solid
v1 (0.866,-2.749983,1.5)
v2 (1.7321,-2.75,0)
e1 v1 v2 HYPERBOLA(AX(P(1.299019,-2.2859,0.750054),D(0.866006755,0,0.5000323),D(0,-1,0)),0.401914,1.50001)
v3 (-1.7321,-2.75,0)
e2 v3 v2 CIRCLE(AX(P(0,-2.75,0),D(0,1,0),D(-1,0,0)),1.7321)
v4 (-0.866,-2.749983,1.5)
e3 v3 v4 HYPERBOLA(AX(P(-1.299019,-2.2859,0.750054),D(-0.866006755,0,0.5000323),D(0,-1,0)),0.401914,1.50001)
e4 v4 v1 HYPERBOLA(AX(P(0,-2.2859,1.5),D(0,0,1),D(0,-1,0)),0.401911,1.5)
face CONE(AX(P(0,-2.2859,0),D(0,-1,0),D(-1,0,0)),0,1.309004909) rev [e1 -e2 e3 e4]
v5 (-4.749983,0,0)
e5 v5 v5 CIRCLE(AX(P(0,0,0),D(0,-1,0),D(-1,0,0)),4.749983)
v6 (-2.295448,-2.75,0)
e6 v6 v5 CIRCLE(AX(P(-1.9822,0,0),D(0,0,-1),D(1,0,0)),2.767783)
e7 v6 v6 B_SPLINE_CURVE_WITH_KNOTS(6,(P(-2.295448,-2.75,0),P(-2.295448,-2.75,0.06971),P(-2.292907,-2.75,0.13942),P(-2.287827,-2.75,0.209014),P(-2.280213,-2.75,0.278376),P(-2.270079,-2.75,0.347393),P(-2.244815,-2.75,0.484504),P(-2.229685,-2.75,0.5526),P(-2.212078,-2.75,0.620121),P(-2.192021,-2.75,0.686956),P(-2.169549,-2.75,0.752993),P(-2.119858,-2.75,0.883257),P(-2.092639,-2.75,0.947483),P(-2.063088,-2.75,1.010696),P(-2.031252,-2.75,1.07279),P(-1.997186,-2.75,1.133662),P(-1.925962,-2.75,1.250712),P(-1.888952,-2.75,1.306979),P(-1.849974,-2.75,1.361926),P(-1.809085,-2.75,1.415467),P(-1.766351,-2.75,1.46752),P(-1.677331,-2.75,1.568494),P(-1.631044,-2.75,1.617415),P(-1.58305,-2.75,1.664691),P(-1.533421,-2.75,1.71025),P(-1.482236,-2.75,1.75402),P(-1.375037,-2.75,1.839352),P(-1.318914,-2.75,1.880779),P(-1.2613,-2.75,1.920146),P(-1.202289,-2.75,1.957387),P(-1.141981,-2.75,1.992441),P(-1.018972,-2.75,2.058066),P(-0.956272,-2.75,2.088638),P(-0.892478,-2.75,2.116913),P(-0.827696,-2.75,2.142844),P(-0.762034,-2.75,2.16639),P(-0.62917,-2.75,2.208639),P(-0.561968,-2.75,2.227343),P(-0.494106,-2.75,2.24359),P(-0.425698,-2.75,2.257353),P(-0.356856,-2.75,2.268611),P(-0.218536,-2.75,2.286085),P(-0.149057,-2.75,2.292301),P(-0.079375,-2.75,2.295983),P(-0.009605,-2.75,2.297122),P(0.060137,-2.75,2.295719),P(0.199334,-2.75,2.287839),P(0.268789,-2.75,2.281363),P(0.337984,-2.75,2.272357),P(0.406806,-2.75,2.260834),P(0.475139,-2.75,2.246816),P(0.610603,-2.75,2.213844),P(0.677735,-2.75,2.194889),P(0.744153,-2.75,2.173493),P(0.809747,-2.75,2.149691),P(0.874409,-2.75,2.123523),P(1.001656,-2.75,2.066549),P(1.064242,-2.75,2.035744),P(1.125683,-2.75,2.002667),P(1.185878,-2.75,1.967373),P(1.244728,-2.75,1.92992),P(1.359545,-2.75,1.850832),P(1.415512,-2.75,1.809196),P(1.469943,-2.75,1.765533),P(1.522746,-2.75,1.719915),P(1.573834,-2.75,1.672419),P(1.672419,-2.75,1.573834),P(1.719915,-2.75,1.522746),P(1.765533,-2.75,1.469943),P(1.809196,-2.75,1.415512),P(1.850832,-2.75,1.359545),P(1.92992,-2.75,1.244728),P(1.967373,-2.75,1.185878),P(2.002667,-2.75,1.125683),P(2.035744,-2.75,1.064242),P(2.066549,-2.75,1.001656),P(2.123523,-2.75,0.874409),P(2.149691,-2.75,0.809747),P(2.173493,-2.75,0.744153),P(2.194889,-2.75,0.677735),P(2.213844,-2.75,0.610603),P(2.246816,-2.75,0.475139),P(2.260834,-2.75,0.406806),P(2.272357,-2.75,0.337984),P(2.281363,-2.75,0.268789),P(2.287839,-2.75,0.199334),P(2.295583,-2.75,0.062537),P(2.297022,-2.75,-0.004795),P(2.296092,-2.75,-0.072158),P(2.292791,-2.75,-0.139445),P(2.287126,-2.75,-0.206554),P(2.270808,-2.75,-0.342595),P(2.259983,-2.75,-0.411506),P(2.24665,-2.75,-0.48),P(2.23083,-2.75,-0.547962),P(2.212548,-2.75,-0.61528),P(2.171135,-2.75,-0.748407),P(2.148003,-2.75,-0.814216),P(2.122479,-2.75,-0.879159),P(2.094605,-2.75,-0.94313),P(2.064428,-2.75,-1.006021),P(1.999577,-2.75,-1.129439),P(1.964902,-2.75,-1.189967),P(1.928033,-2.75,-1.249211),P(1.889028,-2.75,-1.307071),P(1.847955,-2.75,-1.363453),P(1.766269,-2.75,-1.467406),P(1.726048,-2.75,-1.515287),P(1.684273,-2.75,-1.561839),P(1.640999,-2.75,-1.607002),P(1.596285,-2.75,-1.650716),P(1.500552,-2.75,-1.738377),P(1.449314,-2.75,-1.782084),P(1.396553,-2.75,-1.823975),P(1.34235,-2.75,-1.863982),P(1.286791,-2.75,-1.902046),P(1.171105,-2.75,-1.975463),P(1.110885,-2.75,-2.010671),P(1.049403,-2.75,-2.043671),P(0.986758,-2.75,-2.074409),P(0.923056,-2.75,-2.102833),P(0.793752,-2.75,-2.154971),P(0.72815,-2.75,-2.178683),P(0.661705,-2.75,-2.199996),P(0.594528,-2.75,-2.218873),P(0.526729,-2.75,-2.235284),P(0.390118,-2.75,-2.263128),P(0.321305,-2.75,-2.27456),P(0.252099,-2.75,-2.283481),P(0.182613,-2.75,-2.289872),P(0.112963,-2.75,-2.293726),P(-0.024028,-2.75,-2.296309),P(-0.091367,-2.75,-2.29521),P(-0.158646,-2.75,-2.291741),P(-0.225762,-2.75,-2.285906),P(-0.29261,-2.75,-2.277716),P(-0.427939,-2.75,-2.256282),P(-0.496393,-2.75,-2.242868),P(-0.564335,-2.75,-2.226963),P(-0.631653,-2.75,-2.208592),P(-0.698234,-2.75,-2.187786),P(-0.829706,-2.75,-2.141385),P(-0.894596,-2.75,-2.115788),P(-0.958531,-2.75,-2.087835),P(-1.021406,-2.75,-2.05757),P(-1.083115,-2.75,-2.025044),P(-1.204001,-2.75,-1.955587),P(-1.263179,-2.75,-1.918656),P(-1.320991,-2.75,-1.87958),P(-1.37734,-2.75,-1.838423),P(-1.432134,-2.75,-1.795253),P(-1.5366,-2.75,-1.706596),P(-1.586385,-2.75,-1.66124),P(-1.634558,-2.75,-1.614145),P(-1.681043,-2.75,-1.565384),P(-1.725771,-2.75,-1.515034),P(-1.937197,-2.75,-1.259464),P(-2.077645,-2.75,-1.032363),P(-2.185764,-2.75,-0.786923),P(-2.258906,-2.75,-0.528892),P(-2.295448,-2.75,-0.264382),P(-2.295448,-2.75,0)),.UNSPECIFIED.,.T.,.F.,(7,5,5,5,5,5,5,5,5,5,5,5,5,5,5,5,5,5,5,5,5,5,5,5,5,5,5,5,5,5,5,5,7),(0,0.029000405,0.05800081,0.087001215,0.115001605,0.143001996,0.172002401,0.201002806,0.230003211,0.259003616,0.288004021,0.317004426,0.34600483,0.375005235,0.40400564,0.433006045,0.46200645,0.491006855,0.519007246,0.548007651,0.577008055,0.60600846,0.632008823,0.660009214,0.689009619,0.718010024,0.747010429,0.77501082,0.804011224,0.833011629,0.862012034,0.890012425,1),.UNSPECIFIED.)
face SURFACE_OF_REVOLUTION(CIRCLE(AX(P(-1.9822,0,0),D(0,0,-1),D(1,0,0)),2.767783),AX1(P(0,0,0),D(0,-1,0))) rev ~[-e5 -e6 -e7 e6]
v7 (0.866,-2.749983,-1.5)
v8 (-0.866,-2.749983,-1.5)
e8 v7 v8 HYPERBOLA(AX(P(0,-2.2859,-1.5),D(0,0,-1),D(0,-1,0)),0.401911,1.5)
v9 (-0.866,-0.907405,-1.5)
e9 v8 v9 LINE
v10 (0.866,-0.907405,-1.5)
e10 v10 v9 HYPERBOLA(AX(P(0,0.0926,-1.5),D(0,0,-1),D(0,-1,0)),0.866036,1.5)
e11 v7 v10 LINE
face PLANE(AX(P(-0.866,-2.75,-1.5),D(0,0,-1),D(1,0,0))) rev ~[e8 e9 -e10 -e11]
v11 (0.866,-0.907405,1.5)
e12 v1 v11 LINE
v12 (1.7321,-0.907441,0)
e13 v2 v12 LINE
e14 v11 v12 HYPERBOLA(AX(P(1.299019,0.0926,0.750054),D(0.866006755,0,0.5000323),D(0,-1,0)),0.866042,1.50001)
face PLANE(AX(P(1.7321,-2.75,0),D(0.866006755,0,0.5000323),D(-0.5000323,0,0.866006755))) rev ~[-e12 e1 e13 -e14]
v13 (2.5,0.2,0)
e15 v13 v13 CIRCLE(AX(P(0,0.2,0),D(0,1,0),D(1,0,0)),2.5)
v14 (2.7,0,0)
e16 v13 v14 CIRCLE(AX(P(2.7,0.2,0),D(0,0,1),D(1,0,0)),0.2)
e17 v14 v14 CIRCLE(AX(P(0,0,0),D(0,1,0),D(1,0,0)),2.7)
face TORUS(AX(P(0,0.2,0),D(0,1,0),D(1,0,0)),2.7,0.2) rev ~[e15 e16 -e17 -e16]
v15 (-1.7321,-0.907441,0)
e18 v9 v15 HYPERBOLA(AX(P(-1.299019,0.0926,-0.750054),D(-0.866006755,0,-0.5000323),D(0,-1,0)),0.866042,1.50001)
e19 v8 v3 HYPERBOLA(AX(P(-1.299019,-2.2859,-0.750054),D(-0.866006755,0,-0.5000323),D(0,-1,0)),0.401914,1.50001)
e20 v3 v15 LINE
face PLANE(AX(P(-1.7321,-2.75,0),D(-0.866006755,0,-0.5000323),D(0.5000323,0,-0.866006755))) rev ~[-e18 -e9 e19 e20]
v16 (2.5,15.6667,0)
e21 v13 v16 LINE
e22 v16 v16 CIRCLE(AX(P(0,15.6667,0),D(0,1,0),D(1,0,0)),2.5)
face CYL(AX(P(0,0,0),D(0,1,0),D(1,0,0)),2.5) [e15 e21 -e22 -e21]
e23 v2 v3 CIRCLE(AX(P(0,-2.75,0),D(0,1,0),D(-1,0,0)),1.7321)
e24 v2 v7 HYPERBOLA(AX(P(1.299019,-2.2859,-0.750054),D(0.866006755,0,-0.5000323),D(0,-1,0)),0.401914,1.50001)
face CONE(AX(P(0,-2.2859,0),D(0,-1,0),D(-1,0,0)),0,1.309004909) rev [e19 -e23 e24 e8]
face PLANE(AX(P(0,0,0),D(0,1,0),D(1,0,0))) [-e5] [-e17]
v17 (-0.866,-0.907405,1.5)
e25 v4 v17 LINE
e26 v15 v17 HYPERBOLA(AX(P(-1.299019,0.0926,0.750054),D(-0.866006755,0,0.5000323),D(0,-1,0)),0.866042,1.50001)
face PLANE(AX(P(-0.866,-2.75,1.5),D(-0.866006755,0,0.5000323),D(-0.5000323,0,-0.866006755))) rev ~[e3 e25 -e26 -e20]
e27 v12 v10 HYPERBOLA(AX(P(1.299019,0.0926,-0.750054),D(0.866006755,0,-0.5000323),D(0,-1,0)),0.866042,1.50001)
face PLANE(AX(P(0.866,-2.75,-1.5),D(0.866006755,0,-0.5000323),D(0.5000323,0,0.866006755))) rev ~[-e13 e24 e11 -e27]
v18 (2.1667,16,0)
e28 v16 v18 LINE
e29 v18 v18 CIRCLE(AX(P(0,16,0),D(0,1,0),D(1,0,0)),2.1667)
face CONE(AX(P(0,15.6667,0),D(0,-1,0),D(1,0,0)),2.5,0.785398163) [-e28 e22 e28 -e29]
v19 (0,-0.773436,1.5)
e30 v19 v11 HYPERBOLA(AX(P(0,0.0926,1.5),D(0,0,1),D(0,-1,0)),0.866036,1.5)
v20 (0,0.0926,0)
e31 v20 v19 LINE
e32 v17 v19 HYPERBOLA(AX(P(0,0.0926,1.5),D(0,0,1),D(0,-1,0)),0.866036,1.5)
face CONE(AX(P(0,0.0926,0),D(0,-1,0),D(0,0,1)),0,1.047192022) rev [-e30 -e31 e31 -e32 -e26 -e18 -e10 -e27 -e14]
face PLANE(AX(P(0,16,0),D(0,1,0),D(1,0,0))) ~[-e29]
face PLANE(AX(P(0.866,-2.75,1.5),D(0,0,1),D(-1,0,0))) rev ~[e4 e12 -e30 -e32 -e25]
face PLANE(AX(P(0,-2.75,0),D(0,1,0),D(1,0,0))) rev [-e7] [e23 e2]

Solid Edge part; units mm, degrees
sketch "Sketch1" plane through (0, 0, 0) normal (0, 0, 1) x (1, 0, 0)
  line L0 (2.5, 0) -> (2.5, 16)
  line L1 (0, 16) -> (2.5, 16)
  line L2 (0, 0) -> (0, 16)
  line L3 (0, 0) -> (0, -2.75)
  line L4 (0, -2.75) -> (4.75, -2.75)
  line L5 (4.75, -2.75) -> (4.75, 0)
  line L6 (4.75, 0) -> (2.5, 0)
revolve "RevolvedProtrusion1" add sketch "Sketch1" angle 360 about axis through (0, 0, 0) along (0, 1, 0)
sketch "Sketch2" plane through (0, 0, 0) normal (1, 0, 0) x (0, 1, 0)
  line L0 (-2.75, 2.2215) -> (-1.19, 2.2215)
  line L1 (0.0926, 0) -> (-1.19, 2.2215)
  line L2 (-2.75, 0) -> (0.0926, 0)
  line L3 (-2.75, 0) -> (-2.75, 2.2215)
revolve "RevolvedCutout1" cut sketch "Sketch2" angle 360 about axis through (0, -4.5, 0) along (0, 1, 0)
sketch "Sketch3" plane through (0, -2.75, 0) normal (0, -1, 0) x (0, 0, 1)
  circle A0 centre (0, 0) radius 2.2215
  line L0 (-1.5, -0.866) -> (0, -1.7321)
  line L1 (0, -1.7321) -> (1.5, -0.866)
  line L2 (1.5, -0.866) -> (1.5, 0.866)
  line L3 (1.5, 0.866) -> (0, 1.7321)
  line L4 (0, 1.7321) -> (-1.5, 0.866)
  line L5 (-1.5, 0.866) -> (-1.5, -0.866)
  dimension "D1" = 3
extrude "Protrusion1" add sketch "Sketch3" against normal up to next
sketch "Sketch4" plane through (0, 0, 0) normal (0, 0, 1) x (1, 0, 0)
  line L0 (-1.7321, -2.75) -> (0, -2.75)
  line L1 (0, -2.75) -> (0, -2.2859)
  line L2 (0, -2.2859) -> (-1.7321, -2.75)
revolve "RevolvedCutout2" cut sketch "Sketch4" angle 360 about axis through (0, -4.5, 0) along (0, 1, 0)
fillet "Round1" radius 0.2 1 edges at (0, 0, -2.5)
chamfer "倒斜角_2" distance 0.3333 angle 45 1 edges at (0, 16, -2.5)
cosmetic_thread "螺纹_3" size "M5" thread depth 14.4
sketch "Sketch5" plane through (0, 0, 0) normal (0, 0, 1) x (1, 0, 0)
  arc A0 (-2.2953, -2.75) -> (-4.75, 0) centre (-1.9822, 0) cw
revolve "RevolvedCutout3" cut sketch "Sketch5" angle 360 about axis through (0, 0, 0) along (0, -1, 0) material side at (-4.0844, -1.8764, 0)
